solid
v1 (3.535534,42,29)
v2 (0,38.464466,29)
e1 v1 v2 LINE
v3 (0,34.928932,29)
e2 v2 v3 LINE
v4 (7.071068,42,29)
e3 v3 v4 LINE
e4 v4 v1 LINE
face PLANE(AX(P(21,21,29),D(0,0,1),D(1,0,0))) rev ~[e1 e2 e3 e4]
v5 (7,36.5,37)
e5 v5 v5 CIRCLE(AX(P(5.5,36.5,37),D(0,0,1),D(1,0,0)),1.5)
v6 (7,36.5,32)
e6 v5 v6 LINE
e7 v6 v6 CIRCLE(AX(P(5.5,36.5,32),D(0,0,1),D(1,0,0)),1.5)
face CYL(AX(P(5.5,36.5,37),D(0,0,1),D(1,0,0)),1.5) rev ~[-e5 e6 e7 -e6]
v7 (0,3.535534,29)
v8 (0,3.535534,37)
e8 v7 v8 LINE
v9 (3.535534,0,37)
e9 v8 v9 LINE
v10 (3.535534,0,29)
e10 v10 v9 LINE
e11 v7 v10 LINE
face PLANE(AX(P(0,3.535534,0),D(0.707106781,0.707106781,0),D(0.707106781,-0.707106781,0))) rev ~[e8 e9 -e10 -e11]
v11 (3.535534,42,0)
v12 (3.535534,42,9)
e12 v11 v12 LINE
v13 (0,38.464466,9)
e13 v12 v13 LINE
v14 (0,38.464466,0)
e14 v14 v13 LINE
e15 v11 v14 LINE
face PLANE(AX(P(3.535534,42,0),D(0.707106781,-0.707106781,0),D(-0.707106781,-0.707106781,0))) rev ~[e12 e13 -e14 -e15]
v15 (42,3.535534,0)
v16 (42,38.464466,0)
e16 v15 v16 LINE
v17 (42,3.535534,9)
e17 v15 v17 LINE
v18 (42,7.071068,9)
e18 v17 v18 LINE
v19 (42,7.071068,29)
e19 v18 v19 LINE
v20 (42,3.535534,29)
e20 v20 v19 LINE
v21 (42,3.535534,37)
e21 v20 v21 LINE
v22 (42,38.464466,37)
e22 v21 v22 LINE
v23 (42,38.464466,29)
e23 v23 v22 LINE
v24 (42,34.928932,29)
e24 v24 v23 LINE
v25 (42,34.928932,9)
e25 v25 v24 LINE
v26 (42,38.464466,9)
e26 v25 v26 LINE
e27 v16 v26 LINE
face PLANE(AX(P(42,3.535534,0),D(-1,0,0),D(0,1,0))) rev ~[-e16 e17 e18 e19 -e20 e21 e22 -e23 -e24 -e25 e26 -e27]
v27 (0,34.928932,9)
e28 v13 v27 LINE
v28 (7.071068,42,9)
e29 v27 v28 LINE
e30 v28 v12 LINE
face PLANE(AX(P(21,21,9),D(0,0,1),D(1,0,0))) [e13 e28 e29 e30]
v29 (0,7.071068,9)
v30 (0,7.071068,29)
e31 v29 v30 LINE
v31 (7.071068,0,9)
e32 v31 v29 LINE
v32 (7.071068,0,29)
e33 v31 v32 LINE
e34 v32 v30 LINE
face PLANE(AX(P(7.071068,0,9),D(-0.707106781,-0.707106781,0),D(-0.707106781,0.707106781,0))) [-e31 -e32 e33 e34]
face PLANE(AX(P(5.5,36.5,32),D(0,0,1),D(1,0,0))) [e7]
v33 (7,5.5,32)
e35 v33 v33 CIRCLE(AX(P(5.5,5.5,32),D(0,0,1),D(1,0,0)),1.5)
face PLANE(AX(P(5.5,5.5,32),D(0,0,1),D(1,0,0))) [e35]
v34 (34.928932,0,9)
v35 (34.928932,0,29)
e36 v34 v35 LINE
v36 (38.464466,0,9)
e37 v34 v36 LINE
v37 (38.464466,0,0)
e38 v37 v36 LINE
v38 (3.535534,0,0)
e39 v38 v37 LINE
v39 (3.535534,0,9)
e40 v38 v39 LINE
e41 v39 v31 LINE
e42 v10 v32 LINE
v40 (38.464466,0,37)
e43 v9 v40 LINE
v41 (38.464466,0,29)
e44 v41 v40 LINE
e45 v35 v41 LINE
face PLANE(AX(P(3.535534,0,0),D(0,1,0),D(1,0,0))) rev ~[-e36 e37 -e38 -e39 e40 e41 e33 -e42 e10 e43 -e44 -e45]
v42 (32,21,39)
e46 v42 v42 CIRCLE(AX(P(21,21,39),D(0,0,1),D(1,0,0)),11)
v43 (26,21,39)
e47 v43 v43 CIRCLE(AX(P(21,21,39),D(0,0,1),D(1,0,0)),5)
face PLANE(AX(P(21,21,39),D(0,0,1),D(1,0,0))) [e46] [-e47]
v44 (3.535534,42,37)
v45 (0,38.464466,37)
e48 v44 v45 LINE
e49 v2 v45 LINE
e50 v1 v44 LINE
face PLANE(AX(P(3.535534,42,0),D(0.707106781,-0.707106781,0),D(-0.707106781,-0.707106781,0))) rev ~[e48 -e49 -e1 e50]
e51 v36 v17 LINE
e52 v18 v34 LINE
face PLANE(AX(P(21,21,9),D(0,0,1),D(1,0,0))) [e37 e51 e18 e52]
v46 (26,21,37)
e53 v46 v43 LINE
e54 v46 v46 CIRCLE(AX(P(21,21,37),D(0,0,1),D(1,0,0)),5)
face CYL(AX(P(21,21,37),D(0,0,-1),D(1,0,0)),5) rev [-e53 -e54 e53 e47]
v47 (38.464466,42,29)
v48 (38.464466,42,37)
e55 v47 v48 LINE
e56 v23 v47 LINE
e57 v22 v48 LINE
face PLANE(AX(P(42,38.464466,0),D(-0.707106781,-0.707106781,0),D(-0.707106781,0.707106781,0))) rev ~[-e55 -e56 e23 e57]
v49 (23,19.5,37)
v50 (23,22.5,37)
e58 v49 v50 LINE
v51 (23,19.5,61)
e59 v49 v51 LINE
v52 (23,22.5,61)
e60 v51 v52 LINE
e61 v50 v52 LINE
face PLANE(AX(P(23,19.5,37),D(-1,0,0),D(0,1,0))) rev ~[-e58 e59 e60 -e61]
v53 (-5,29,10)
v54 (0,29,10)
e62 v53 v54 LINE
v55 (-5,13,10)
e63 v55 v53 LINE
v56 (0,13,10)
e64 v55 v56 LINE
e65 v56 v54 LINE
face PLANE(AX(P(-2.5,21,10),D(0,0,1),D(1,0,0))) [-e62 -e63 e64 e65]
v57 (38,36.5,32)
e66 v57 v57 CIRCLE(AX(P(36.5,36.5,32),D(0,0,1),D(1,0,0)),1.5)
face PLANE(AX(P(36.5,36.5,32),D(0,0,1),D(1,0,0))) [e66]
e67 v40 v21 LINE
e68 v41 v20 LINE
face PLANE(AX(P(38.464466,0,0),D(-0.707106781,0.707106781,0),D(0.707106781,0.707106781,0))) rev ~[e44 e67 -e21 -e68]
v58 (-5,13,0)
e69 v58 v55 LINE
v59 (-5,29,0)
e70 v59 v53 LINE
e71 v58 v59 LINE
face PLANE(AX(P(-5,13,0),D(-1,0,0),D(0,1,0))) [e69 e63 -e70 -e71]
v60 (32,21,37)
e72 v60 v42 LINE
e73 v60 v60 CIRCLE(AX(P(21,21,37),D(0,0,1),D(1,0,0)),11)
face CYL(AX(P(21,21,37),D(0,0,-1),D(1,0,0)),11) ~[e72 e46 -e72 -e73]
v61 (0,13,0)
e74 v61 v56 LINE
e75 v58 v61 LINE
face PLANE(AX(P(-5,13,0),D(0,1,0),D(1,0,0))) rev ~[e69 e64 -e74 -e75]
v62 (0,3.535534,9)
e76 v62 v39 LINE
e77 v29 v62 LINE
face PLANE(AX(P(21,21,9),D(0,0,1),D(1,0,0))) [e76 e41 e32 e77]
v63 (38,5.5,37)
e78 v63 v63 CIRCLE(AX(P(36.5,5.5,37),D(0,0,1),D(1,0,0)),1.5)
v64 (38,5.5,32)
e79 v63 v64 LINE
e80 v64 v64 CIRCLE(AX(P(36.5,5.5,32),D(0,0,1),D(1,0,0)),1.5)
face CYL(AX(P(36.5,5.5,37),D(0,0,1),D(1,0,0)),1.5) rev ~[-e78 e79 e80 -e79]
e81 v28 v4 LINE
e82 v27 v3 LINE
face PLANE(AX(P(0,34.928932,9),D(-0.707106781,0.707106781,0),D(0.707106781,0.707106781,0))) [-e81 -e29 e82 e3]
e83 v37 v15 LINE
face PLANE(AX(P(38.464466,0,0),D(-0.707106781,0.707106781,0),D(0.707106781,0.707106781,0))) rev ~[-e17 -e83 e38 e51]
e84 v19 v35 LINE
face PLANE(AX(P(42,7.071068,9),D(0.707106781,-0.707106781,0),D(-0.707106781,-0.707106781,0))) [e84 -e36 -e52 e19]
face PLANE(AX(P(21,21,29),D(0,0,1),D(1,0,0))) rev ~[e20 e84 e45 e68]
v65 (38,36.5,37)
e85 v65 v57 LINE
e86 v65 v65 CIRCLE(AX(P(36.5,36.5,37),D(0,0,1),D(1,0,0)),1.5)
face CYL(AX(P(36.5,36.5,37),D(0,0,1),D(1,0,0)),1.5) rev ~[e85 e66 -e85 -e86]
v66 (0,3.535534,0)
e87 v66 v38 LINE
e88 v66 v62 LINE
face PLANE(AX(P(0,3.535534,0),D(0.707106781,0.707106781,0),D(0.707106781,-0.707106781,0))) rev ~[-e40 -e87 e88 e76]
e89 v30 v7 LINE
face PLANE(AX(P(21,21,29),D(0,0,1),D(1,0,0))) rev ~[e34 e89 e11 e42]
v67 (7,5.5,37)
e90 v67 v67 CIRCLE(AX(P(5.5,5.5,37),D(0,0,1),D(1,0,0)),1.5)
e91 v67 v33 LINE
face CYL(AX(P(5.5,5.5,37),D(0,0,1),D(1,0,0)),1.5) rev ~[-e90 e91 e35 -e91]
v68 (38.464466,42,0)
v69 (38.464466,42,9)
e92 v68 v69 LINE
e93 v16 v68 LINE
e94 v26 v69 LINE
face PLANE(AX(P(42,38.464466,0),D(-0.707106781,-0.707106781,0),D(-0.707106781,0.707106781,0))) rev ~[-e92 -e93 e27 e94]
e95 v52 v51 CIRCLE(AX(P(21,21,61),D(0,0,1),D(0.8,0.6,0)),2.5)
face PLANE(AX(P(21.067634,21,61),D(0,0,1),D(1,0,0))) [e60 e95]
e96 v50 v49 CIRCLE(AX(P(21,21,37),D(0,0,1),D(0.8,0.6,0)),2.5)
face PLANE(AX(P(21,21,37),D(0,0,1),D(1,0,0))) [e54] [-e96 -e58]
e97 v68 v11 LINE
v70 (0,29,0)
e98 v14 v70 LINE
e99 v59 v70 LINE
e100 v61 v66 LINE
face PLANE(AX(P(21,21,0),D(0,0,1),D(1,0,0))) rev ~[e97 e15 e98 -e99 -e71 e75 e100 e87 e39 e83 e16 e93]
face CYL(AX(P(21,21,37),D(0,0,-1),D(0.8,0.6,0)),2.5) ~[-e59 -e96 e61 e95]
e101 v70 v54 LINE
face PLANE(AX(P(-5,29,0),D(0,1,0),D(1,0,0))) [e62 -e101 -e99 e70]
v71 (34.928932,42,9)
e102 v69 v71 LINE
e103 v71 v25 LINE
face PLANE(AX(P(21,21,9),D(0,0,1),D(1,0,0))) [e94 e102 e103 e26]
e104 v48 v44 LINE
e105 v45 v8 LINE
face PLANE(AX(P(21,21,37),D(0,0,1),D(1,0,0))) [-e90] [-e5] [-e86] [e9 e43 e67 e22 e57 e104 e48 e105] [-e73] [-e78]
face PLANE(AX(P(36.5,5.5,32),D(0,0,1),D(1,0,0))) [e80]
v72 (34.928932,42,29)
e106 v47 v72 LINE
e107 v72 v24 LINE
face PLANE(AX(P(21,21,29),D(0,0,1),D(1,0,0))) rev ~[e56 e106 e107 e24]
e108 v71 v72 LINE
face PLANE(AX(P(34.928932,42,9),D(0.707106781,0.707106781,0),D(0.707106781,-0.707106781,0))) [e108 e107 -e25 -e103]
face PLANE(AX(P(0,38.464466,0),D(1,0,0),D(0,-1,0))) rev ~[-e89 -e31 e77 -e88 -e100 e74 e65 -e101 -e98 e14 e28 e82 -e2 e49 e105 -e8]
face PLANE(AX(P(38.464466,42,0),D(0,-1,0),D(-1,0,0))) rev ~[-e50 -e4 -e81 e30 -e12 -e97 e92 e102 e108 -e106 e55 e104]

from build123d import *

# Parameters (mm, degrees)
PAD_DEPTH       = 37
SKETCH001_W     = 92
SKETCH001_H     = 92
POCKET_DEPTH    = 20
SKETCH002_R     = 11
SKETCH002_R_2   = 5
PAD001_DEPTH    = 2
SKETCH003_R     = 1.5
POCKET001_DEPTH = 5
PAD002_DEPTH    = 24
SKETCH005_W     = 5
SKETCH005_H     = 16
PAD003_DEPTH    = 10


with BuildPart() as part:
    # Sketch → Pad (new body)
    with BuildSketch(Plane.XY):
        Polygon((0, 3.535534), (3.535534, 0), (38.464466, 0), (42, 3.535534), (42, 38.464466), (38.464466, 42), (3.535534, 42), (0, 38.464466), align=None)
    extrude(amount=PAD_DEPTH)

    # Sketch001 (on DatumPlane) → Pocket (cut)
    with BuildSketch(Plane.XY.offset(9)):
        with Locations((21, 21)):
            Rectangle(SKETCH001_W, SKETCH001_H)
        Polygon((34.928932, 42), (42, 34.928932), (42, 7.071068), (34.928932, 0), (7.071068, 0), (0, 7.071068), (0, 34.928932), (7.071068, 42), align=None, mode=Mode.SUBTRACT)
    extrude(amount=POCKET_DEPTH, mode=Mode.SUBTRACT)

    # Sketch002 (on DatumPlane) → Pad001 (join)
    with BuildSketch(Plane.XY.offset(37)):
        with Locations((21, 21)):
            Circle(SKETCH002_R)
        with Locations((21, 21)):
            Circle(SKETCH002_R_2, mode=Mode.SUBTRACT)
    extrude(amount=PAD001_DEPTH)

    # Sketch003 (on DatumPlane) → Pocket001 (cut)
    with BuildSketch(Plane.XY.offset(37)):
        with Locations((5.5, 36.5)):
            Circle(SKETCH003_R)
        with Locations((36.5, 36.5)):
            Circle(SKETCH003_R)
        with Locations((36.5, 5.5)):
            Circle(SKETCH003_R)
        with Locations((5.5, 5.5)):
            Circle(SKETCH003_R)
    extrude(amount=-POCKET001_DEPTH, mode=Mode.SUBTRACT)

    # Sketch004 (on DatumPlane) → Pad002 (join)
    with BuildSketch(Plane.XY.offset(37)):
        with BuildLine():
            ThreePointArc((23, 22.5), (18.5, 21), (23, 19.5))
            Line((23, 19.5), (23, 22.5))
        make_face()
    extrude(amount=PAD002_DEPTH)

    # Sketch005 → Pad003 (join)
    with BuildSketch(Plane.XY):
        with Locations((-2.5, 21)):
            Rectangle(SKETCH005_W, SKETCH005_H)
    extrude(amount=PAD003_DEPTH)


solid = part.part
